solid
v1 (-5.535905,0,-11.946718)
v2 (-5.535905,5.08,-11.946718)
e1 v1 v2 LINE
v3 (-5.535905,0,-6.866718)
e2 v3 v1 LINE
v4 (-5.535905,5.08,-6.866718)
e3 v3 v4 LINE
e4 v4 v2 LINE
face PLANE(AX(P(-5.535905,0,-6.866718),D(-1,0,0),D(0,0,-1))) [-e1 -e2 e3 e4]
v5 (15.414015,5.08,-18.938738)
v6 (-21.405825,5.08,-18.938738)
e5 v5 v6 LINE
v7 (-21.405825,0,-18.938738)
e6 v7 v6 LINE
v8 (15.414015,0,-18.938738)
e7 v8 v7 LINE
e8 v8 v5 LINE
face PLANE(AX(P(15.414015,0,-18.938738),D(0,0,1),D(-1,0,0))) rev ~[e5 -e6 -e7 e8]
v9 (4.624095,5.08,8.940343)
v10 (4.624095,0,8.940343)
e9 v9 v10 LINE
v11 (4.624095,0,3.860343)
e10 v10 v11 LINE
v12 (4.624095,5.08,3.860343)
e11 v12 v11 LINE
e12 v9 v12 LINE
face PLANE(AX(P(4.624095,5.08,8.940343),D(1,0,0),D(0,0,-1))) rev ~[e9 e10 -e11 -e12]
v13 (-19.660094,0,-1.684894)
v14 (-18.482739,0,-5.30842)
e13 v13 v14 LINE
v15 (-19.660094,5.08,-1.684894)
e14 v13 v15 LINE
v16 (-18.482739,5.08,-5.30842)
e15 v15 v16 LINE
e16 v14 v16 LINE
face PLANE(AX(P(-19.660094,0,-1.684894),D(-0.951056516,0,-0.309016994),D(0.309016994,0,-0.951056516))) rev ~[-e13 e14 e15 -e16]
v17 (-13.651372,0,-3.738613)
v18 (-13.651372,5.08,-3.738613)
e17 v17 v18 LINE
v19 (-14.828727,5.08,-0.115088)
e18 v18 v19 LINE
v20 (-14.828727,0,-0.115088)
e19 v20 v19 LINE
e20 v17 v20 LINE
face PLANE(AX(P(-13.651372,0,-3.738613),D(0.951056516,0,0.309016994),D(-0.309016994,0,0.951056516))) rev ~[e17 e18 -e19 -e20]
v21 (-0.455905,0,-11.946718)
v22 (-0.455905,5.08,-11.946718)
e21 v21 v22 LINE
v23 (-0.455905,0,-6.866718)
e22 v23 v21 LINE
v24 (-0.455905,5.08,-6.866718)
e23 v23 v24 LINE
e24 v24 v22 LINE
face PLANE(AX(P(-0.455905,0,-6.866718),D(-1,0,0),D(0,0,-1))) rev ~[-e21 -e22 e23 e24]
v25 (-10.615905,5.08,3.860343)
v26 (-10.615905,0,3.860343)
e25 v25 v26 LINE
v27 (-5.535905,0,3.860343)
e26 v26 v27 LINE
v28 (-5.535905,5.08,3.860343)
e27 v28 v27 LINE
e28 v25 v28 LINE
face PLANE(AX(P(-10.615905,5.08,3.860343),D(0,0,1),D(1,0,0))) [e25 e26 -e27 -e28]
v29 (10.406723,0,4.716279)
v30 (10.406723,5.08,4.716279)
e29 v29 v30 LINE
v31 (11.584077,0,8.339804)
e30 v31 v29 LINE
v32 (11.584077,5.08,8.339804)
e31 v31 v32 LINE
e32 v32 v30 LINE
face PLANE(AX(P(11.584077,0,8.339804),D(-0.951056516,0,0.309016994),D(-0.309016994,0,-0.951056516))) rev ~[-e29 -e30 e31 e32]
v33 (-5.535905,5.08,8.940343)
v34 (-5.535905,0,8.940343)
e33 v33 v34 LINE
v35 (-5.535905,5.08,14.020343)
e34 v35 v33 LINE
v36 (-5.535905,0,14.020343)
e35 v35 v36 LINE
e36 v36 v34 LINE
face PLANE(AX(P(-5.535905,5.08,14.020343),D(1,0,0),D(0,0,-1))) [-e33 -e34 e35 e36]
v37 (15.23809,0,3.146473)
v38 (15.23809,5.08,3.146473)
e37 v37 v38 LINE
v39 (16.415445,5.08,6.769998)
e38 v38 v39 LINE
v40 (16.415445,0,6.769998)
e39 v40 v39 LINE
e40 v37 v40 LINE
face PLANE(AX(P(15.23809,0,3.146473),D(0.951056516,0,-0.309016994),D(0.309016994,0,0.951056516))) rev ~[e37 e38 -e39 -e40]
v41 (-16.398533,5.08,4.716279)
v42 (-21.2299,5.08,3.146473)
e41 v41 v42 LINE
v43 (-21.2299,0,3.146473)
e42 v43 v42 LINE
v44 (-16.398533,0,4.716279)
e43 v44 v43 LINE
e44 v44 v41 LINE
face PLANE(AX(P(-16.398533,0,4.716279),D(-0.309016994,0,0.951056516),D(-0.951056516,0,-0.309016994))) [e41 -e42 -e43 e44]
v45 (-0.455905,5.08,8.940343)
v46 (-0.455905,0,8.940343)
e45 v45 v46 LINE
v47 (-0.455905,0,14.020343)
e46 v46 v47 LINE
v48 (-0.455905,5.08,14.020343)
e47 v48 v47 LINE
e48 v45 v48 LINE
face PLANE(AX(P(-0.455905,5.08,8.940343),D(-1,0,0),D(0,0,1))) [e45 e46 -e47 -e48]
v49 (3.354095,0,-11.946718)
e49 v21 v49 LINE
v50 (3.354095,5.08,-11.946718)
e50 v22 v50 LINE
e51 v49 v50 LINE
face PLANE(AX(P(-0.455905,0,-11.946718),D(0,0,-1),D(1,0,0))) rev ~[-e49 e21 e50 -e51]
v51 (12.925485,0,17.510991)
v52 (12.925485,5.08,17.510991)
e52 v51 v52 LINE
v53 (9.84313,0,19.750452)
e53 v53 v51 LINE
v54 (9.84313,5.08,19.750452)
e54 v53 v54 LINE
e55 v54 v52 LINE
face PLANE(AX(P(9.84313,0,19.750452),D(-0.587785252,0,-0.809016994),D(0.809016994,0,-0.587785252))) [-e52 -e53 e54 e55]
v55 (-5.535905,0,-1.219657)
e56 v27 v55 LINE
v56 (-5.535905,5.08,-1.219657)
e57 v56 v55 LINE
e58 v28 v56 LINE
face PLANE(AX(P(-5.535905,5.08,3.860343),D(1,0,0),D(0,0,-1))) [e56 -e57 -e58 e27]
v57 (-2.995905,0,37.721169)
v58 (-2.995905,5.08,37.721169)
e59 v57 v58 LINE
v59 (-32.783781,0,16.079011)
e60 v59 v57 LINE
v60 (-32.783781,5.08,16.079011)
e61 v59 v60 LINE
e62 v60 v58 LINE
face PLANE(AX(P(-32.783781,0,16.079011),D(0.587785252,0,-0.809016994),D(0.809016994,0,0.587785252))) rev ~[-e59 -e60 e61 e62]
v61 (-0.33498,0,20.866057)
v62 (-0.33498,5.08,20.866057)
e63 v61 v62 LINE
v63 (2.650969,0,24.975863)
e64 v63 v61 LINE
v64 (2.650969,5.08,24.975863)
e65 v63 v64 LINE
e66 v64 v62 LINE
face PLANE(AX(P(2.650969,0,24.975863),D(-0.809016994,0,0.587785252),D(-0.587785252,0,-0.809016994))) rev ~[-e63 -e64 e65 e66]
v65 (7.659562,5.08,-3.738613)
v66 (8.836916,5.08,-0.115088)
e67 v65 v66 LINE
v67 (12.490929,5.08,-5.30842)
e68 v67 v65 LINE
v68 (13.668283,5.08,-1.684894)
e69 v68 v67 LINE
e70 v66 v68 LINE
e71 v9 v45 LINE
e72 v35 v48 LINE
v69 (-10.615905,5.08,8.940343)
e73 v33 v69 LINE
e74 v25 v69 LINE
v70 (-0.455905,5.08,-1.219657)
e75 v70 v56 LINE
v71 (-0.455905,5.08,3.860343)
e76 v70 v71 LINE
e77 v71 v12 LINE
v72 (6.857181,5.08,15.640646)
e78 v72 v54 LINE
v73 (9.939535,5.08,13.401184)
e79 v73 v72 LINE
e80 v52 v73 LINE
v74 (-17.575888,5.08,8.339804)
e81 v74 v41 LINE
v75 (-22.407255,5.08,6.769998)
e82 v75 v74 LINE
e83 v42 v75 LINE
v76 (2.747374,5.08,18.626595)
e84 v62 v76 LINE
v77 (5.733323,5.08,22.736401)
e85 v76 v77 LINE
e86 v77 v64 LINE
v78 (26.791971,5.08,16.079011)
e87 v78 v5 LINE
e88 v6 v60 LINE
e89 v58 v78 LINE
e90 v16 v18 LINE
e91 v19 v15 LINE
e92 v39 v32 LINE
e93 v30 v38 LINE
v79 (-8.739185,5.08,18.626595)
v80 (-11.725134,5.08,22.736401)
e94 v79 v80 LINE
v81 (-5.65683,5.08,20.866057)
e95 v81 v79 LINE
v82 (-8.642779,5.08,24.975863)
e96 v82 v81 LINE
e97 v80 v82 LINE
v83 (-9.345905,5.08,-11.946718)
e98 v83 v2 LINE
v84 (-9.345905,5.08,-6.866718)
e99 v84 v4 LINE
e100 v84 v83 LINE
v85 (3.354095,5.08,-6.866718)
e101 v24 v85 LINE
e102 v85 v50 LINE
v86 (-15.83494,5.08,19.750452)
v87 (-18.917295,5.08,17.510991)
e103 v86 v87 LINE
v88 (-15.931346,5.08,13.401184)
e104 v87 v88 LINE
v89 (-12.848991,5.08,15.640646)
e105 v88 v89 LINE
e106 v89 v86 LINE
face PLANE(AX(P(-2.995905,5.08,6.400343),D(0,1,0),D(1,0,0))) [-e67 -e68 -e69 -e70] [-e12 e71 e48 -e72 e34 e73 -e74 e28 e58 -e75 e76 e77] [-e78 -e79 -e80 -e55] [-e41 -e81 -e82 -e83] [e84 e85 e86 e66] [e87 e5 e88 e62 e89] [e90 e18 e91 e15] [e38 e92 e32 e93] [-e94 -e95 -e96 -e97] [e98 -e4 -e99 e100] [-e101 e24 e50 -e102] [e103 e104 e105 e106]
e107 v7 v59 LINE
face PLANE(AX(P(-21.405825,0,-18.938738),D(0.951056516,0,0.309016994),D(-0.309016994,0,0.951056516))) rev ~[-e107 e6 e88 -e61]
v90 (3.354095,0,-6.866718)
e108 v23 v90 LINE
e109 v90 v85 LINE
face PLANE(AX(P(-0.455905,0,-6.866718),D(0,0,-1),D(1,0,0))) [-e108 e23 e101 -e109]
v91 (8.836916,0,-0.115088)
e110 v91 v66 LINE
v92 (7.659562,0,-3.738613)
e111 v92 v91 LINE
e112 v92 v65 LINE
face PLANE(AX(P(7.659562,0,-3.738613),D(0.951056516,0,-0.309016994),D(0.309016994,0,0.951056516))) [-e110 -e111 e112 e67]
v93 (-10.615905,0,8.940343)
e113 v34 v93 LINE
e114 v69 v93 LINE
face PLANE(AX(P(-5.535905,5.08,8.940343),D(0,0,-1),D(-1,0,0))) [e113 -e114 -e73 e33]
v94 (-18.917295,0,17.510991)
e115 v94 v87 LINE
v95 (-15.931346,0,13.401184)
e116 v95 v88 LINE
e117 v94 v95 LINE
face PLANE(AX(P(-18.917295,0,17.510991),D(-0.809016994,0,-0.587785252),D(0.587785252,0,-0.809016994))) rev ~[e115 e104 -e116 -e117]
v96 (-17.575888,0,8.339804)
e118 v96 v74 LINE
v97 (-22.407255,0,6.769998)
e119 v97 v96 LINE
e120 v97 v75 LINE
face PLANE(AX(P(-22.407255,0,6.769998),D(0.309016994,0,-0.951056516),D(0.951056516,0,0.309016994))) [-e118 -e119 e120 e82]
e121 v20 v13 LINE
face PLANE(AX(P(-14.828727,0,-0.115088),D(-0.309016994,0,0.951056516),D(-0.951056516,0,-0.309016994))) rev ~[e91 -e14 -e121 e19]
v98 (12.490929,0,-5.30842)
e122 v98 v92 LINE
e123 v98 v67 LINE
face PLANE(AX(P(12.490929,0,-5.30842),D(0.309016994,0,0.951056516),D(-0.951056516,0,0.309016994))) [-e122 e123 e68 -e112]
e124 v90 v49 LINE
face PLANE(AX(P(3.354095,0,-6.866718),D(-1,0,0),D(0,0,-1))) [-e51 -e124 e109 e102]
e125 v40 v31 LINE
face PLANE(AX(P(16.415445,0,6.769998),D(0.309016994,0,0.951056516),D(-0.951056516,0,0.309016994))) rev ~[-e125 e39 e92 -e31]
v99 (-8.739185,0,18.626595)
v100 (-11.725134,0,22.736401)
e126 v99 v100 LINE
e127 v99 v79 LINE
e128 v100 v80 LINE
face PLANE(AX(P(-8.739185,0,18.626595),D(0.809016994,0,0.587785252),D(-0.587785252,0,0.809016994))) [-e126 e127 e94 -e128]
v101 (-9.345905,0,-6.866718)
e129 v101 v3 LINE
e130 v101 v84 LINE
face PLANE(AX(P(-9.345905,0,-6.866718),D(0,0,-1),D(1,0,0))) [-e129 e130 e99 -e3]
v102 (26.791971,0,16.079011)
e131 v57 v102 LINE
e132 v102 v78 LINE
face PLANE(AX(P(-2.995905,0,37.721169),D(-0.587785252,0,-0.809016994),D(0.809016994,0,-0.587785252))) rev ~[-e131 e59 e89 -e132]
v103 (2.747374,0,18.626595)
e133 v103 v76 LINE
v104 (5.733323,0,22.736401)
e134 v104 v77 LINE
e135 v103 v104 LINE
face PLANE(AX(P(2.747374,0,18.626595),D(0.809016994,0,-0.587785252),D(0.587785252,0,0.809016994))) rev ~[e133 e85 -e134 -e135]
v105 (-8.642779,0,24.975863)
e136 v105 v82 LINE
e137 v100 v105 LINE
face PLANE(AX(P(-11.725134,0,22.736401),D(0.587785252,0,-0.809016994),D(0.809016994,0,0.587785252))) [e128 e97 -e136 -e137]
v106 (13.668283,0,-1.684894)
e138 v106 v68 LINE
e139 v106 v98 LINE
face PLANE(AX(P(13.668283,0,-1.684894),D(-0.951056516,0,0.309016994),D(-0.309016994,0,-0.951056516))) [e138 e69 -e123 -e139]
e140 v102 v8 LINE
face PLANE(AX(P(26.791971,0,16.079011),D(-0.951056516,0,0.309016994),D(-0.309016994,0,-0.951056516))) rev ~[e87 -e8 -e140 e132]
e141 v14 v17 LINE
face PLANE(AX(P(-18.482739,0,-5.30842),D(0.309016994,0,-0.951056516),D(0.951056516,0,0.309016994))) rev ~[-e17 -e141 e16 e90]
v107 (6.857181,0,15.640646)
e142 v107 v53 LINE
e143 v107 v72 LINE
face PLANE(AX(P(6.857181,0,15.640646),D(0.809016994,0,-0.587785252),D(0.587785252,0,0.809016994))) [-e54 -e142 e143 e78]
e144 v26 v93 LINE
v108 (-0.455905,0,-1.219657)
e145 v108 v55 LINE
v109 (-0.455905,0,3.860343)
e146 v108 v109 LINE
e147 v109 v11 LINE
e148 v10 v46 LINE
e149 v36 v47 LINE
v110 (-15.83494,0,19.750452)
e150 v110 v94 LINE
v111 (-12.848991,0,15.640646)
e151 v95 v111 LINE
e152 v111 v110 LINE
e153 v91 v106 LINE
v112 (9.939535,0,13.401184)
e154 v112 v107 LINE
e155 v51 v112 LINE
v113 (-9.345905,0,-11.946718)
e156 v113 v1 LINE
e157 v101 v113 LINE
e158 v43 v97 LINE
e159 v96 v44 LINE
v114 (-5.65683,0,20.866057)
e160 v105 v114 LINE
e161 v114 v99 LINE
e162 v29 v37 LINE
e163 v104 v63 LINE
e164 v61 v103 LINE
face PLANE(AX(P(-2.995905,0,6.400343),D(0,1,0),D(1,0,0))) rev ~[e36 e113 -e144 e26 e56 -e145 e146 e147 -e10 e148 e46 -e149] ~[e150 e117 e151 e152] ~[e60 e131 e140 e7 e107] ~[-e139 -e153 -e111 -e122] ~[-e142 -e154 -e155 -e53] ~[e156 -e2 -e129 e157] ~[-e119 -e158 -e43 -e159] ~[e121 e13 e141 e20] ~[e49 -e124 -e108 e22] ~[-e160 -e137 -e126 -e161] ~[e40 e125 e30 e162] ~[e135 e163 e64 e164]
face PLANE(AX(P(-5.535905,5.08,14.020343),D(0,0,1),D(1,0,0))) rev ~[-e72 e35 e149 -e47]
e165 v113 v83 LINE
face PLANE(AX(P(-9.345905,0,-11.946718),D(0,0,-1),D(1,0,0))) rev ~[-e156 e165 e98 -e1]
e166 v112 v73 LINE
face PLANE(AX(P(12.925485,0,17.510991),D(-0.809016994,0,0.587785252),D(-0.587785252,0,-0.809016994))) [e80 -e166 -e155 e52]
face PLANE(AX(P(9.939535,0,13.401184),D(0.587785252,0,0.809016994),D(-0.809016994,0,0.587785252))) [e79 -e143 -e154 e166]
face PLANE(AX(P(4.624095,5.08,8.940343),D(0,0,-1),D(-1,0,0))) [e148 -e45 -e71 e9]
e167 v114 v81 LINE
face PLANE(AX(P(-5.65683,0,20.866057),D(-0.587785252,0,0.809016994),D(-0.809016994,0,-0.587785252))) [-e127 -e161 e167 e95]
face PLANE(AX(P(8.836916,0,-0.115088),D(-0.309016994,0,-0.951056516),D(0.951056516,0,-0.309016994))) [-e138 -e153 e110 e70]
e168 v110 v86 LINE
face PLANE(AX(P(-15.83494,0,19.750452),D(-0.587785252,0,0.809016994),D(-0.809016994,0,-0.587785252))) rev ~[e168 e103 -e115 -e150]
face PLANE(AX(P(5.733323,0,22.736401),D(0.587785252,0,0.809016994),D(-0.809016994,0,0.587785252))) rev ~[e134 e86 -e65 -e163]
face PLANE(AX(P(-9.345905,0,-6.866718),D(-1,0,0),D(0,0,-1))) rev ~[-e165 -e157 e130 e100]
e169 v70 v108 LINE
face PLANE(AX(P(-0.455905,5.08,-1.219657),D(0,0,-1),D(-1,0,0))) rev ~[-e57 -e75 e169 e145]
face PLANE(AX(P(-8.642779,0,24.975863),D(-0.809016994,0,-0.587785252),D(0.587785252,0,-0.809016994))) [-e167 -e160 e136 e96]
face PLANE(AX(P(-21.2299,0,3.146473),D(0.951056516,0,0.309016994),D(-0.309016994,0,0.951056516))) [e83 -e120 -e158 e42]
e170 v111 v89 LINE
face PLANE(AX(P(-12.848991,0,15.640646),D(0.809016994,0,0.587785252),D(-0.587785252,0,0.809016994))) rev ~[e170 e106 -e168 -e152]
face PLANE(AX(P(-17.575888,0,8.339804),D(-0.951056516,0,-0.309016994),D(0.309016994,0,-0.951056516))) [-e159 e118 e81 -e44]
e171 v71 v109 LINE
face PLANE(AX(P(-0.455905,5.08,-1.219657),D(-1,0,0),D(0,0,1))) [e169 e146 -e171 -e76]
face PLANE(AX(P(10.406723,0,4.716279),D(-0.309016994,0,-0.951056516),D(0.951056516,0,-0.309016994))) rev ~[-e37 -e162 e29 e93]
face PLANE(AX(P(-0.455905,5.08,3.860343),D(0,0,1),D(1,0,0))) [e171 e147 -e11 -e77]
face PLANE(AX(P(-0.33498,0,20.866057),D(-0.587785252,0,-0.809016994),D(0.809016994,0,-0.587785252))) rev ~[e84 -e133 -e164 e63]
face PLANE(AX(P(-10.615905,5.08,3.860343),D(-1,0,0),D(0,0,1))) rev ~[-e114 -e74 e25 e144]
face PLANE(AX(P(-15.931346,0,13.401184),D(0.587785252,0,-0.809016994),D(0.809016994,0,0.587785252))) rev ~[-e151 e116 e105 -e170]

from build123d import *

# Parameters (mm, degrees)
SKETCH1_W           = 3.81
SKETCH1_H           = 5.08
BOSS_EXTRUDE1_DEPTH = 5.08
CUT_EXTRUDE1_DEPTH  = 5.08


with BuildPart() as part:
    # Sketch1 → Boss-Extrude1 (new body)
    with BuildSketch(Plane(origin=(0, 0, 0), x_dir=(1, 0, 0), z_dir=(0, 1, 0))):
        Polygon((-2.995905159, -37.721169498), (26.791971131, -16.079010555), (15.414014841, 18.938738206), (-21.405825159, 18.938738206), (-32.783781449, -16.079010555), align=None)
        Polygon((15.238089821, -3.146472779), (16.415444569, -6.769998106), (11.584077466, -8.339804437), (10.406722718, -4.71627911), align=None, mode=Mode.SUBTRACT)
        with Locations((1.449094841, 9.40671805)):
            Rectangle(SKETCH1_W, SKETCH1_H, mode=Mode.SUBTRACT)
        with Locations((-7.440905159, 9.40671805)):
            Rectangle(SKETCH1_W, SKETCH1_H, mode=Mode.SUBTRACT)
        Polygon((13.668283489, 1.684894324), (12.490928741, 5.308419651), (7.659561638, 3.73861332), (8.836916386, 0.115087993), align=None, mode=Mode.SUBTRACT)
        Polygon((5.733323489, -22.736401436), (2.650968741, -24.975863247), (-0.334980341, -20.866056916), (2.747374408, -18.626595105), align=None, mode=Mode.SUBTRACT)
        Polygon((9.843129821, -19.750452355), (12.925484569, -17.510990543), (9.939535488, -13.401184212), (6.857180739, -15.640646023), align=None, mode=Mode.SUBTRACT)
        Polygon((-15.834940138, -19.750452355), (-18.917294887, -17.510990543), (-15.931345805, -13.401184212), (-12.848991056, -15.640646023), align=None, mode=Mode.SUBTRACT)
        Polygon((-11.725133807, -22.736401436), (-8.642779058, -24.975863247), (-5.656829976, -20.866056916), (-8.739184725, -18.626595105), align=None, mode=Mode.SUBTRACT)
        Polygon((-19.660093807, 1.684894324), (-18.482739058, 5.308419651), (-13.651371955, 3.73861332), (-14.828726704, 0.115087993), align=None, mode=Mode.SUBTRACT)
        Polygon((-21.229900138, -3.146472779), (-22.407254887, -6.769998106), (-17.575887784, -8.339804437), (-16.398533035, -4.71627911), align=None, mode=Mode.SUBTRACT)
    extrude(amount=BOSS_EXTRUDE1_DEPTH)

    # Sketch2 → Cut-Extrude1 (cut)
    with BuildSketch(Plane(origin=(0, 5.08, 0), x_dir=(1, 0, 0), z_dir=(0, 1, 0))):
        Polygon((-2.995905159, 1.219657161), (-0.455905159, 1.219657161), (-0.455905159, -3.860342839), (4.624094841, -3.860342839), (4.624094841, -6.400342839), (4.624094841, -8.940342839), (-0.455905159, -8.940342839), (-0.455905159, -14.020342839), (-2.995905159, -14.020342839), (-5.535905159, -14.020342839), (-5.535905159, -8.940342839), (-10.615905159, -8.940342839), (-10.615905159, -6.400342839), (-10.615905159, -3.860342839), (-5.535905159, -3.860342839), (-5.535905159, 1.219657161), align=None)
    extrude(amount=-CUT_EXTRUDE1_DEPTH, mode=Mode.SUBTRACT)


solid = part.part
